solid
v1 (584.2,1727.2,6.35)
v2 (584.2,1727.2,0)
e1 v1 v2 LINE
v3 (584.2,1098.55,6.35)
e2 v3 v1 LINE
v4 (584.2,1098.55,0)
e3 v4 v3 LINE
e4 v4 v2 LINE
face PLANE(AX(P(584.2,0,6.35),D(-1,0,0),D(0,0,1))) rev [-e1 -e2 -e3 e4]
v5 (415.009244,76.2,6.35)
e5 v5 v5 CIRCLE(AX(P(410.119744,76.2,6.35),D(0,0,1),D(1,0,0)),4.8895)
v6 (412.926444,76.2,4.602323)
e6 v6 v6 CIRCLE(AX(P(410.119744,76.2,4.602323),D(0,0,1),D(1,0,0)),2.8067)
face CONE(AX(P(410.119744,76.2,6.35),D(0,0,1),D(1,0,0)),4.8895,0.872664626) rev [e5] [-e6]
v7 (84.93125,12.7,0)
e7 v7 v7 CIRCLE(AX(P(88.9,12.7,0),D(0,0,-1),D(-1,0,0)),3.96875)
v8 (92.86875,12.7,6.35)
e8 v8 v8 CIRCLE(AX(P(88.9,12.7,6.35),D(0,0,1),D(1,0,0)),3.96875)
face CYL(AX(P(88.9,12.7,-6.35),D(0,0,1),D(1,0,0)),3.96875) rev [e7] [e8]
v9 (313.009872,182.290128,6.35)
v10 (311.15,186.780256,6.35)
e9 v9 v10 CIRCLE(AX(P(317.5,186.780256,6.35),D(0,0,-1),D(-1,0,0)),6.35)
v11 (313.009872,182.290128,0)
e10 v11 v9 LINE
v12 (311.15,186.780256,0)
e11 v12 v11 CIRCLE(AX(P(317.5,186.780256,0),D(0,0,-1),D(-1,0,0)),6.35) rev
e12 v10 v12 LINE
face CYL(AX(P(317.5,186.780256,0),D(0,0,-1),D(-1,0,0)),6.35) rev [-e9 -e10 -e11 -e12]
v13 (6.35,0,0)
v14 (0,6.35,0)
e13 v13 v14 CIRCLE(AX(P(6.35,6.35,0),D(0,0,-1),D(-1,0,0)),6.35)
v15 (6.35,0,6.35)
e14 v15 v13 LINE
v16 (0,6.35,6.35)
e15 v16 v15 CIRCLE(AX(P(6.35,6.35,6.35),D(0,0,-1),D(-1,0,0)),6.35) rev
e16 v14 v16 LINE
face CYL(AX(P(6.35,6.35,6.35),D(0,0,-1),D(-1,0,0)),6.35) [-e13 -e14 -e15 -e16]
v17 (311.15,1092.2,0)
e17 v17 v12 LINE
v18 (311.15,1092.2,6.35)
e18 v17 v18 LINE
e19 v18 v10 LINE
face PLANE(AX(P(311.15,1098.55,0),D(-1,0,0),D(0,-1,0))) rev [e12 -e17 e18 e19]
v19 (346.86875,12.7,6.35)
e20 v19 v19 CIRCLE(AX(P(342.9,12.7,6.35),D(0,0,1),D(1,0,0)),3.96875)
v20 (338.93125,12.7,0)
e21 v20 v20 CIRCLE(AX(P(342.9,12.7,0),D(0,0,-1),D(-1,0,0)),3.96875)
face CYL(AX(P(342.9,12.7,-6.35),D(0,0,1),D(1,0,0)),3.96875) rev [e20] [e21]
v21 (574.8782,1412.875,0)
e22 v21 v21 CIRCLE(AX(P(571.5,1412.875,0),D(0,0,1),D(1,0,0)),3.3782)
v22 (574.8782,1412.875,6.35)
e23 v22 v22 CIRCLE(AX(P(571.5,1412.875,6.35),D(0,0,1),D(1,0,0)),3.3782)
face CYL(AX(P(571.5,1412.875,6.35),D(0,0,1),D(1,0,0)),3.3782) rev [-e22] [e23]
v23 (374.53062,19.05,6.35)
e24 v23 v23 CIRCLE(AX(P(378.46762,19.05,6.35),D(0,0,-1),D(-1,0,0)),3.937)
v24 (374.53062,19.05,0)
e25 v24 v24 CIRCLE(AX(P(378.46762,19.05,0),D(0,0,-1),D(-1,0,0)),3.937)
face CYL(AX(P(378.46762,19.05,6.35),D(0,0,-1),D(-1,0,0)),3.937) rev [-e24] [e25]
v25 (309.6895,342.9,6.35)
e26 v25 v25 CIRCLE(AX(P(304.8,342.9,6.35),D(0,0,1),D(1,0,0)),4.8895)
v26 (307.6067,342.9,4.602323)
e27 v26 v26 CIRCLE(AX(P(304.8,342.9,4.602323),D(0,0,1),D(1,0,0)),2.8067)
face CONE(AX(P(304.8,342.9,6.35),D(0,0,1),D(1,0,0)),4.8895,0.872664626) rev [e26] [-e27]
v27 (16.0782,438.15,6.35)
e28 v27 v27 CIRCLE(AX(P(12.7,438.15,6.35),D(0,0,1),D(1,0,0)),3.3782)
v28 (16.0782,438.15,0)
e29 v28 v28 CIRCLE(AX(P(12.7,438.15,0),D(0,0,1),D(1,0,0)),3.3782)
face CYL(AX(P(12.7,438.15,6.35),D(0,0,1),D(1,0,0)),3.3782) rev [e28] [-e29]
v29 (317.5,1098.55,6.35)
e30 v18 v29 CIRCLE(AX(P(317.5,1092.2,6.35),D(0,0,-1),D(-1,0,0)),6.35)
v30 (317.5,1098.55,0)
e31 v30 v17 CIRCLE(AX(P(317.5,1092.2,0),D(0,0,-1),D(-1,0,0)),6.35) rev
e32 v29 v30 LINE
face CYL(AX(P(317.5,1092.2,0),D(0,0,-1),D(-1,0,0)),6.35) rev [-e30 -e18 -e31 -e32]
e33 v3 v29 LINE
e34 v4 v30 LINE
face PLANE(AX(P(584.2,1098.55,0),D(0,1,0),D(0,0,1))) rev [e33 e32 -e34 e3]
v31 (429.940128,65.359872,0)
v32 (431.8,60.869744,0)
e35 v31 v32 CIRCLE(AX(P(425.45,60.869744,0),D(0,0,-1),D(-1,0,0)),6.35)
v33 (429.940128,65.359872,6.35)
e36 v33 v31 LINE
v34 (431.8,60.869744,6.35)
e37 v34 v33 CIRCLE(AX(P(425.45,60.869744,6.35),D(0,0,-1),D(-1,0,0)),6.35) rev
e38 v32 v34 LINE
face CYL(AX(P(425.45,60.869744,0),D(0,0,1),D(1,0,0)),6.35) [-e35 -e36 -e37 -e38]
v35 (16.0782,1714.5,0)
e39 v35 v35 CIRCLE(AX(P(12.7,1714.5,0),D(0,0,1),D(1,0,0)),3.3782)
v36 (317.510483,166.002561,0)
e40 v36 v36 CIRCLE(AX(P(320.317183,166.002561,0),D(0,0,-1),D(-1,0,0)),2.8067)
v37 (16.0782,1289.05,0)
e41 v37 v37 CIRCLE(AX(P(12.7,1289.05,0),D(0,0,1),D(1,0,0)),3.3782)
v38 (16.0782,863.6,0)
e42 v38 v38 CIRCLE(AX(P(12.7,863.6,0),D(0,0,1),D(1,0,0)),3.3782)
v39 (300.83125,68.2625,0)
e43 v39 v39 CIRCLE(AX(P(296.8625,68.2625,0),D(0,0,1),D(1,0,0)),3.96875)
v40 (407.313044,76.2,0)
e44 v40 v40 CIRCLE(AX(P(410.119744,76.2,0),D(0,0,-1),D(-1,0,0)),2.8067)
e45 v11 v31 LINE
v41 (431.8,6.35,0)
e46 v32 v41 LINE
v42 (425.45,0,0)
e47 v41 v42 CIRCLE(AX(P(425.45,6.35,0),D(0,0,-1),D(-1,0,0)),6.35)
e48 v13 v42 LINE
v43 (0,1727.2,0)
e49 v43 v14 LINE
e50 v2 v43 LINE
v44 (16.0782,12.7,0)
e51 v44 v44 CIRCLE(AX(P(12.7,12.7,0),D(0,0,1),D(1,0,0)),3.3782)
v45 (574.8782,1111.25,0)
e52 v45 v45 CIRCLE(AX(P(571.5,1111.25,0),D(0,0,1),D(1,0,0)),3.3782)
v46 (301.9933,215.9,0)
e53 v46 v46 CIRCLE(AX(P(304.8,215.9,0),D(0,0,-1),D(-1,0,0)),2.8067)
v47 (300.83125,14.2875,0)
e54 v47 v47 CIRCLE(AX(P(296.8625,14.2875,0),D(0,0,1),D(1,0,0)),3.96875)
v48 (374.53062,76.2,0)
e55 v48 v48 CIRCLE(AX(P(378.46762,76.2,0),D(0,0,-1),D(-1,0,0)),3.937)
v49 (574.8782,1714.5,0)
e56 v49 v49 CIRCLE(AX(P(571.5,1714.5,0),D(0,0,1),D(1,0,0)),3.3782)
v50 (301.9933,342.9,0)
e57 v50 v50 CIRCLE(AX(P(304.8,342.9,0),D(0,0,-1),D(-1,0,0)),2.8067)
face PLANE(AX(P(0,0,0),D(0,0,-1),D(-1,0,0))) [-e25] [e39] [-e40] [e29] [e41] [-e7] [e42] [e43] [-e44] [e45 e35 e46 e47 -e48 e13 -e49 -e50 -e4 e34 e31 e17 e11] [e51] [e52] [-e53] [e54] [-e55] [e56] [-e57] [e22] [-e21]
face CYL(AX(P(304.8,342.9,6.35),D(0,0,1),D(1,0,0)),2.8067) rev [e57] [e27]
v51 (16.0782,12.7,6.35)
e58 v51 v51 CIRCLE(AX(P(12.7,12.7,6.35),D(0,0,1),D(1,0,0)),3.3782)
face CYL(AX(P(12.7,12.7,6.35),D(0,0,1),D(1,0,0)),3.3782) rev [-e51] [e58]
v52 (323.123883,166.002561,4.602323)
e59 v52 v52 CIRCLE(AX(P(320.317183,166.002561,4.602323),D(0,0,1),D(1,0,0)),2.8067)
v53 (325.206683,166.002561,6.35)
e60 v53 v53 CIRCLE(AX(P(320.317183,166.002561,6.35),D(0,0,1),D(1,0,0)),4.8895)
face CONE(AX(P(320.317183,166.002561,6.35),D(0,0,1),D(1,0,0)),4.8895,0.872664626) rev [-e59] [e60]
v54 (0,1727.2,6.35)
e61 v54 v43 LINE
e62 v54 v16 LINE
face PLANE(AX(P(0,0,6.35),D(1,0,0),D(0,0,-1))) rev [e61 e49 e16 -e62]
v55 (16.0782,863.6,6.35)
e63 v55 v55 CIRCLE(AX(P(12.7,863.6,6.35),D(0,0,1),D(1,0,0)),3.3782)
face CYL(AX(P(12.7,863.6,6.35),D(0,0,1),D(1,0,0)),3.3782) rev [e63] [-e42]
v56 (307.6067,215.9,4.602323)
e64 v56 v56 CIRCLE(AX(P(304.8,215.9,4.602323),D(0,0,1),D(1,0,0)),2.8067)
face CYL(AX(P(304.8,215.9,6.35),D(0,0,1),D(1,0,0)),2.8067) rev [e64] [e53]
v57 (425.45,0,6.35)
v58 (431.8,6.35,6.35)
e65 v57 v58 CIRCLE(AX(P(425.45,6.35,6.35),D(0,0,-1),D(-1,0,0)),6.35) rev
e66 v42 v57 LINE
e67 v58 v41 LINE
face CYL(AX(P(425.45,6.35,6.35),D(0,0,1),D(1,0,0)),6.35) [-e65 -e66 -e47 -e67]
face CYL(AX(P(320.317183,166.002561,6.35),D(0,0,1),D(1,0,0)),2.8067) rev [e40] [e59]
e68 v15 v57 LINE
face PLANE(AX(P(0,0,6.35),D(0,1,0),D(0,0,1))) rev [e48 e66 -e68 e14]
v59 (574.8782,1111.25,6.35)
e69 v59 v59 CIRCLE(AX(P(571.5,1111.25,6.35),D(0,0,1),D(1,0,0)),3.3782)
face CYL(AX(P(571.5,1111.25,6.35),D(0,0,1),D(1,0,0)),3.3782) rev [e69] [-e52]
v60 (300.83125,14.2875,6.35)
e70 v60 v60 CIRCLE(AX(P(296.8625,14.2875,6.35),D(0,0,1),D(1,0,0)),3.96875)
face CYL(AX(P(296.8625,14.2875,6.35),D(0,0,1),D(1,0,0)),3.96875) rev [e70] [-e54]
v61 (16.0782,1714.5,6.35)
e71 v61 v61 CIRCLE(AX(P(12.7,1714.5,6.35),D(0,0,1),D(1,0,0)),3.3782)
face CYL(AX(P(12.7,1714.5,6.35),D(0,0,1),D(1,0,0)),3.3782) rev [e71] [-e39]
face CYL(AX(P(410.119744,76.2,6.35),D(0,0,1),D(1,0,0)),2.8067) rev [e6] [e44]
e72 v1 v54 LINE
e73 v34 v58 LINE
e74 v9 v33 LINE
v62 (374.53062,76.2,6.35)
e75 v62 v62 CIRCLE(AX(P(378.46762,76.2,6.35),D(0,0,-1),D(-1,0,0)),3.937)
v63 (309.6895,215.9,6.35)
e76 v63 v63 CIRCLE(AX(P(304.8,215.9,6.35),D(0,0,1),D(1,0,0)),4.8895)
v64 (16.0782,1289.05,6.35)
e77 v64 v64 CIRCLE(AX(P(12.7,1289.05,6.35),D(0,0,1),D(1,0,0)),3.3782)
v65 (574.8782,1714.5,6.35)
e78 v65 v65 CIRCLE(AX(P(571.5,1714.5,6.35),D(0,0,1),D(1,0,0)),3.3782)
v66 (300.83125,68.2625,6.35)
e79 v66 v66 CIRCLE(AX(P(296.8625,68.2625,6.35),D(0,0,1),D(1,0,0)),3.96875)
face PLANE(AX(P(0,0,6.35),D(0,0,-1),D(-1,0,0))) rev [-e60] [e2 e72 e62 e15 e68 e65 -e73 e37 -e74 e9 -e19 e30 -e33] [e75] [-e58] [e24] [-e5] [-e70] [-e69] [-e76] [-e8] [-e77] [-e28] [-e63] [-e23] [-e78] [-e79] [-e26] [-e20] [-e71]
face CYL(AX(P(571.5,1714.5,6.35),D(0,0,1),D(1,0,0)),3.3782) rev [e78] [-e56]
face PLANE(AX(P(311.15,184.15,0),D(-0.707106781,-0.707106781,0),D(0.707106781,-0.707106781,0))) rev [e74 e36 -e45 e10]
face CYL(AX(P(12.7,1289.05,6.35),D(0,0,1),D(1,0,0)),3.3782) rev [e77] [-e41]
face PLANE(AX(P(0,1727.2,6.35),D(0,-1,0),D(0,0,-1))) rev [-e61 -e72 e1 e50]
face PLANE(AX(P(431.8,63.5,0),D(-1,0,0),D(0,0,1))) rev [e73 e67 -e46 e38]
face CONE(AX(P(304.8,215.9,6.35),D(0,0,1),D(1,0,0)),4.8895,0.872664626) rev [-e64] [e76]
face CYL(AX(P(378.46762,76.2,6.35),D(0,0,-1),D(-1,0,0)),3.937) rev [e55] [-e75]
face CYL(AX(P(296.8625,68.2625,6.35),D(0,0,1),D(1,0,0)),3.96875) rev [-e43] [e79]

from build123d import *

# Parameters (mm, degrees)
SKETCH2_W                                          = 584.2
SKETCH2_H                                          = 1727.2
BOSS_EXTRUDE1_DEPTH                                = 6.35
CUT_EXTRUDE1_DEPTH                                 = 7.35
H_0_266_DIAMETER_HOLE1_D                           = 6.7564
FILLET1_R                                          = 6.35
SKETCH7_R                                          = 3.96875
CUT_EXTRUDE2_DEPTH                                 = 12.7
CSK_FOR_10_FLAT_HEAD_MACHINE_SCREW_100_D           = 5.6134
CSK_FOR_10_FLAT_HEAD_MACHINE_SCREW_100_DEPTH       = 6.35
CSK_FOR_10_FLAT_HEAD_MACHINE_SCREW_100_CSINK_D     = 9.779
CSK_FOR_10_FLAT_HEAD_MACHINE_SCREW_100_CSINK_ANGLE = 100
SKETCH13_R                                         = 3.937
CUT_EXTRUDE3_DEPTH                                 = 7.35
F_5_16_0_3125_DIAMETER_HOLE1_D                     = 7.9375


with BuildPart() as part:
    # Sketch2 → Boss-Extrude1 (new body)
    with BuildSketch(Plane.XY):
        with Locations((292.1, 863.6)):
            Rectangle(SKETCH2_W, SKETCH2_H)
    extrude(amount=BOSS_EXTRUDE1_DEPTH)

    # Sketch3 → Cut-Extrude1 (cut, through all)
    with BuildSketch(Plane.XY.offset(6.35)):
        Polygon((584.2, 1098.55), (311.15, 1098.55), (311.15, 184.15), (431.8, 63.5), (431.8, 0), (584.2, 0), align=None)
    extrude(amount=-CUT_EXTRUDE1_DEPTH, mode=Mode.SUBTRACT)

    # H (0.266) Diameter Hole1 (through all)
    with Locations(Plane.XY.offset(6.35)):
        with Locations((12.7, 1714.5), (12.7, 1289.05), (12.7, 863.6), (12.7, 438.15), (12.7, 12.7), (571.5, 1111.25), (571.5, 1412.875), (571.5, 1714.5)):
            Hole(H_0_266_DIAMETER_HOLE1_D / 2)

    # Fillet1
    fillet1_edges = [part.edges().sort_by_distance(p)[0] for p in [
        (431.8, 0, 3.175),
        (431.8, 63.5, 3.175),
        (311.15, 184.15, 3.175),
        (311.15, 1098.55, 3.175),
        (0, 0, 3.175),
    ]]
    fillet(fillet1_edges, radius=FILLET1_R)

    # Sketch7 → Cut-Extrude2 (cut)
    with BuildSketch(Plane.XY.offset(6.35)):
        with Locations((88.9, 12.7)):
            Circle(SKETCH7_R)
        with Locations((342.9, 12.7)):
            Circle(SKETCH7_R)
    extrude(amount=-CUT_EXTRUDE2_DEPTH, mode=Mode.SUBTRACT)

    # CSK for #10 Flat Head Machine Screw (100)1
    with Locations(Plane.XY.offset(6.35)):
        with Locations((304.8, 342.9), (304.8, 215.9), (320.317182668, 166.002561211), (410.119743879, 76.2)):
            CounterSinkHole(CSK_FOR_10_FLAT_HEAD_MACHINE_SCREW_100_D / 2, CSK_FOR_10_FLAT_HEAD_MACHINE_SCREW_100_CSINK_D / 2, depth=CSK_FOR_10_FLAT_HEAD_MACHINE_SCREW_100_DEPTH, counter_sink_angle=CSK_FOR_10_FLAT_HEAD_MACHINE_SCREW_100_CSINK_ANGLE)

    # Sketch13 → Cut-Extrude3 (cut, through all)
    with BuildSketch(Plane(origin=(0, 0, 0), x_dir=(-1, 0, 0), z_dir=(0, 0, -1))):
        with Locations((-378.46762, 76.2)):
            Circle(SKETCH13_R)
        with Locations((-378.46762, 19.05)):
            Circle(SKETCH13_R)
    extrude(amount=-CUT_EXTRUDE3_DEPTH, mode=Mode.SUBTRACT)

    # 5/16 (0.3125) Diameter Hole1 (through all)
    with Locations(Plane.XY.offset(6.35)):
        with Locations((296.8625, 14.2875), (296.8625, 68.2625)):
            Hole(F_5_16_0_3125_DIAMETER_HOLE1_D / 2)


solid = part.part
